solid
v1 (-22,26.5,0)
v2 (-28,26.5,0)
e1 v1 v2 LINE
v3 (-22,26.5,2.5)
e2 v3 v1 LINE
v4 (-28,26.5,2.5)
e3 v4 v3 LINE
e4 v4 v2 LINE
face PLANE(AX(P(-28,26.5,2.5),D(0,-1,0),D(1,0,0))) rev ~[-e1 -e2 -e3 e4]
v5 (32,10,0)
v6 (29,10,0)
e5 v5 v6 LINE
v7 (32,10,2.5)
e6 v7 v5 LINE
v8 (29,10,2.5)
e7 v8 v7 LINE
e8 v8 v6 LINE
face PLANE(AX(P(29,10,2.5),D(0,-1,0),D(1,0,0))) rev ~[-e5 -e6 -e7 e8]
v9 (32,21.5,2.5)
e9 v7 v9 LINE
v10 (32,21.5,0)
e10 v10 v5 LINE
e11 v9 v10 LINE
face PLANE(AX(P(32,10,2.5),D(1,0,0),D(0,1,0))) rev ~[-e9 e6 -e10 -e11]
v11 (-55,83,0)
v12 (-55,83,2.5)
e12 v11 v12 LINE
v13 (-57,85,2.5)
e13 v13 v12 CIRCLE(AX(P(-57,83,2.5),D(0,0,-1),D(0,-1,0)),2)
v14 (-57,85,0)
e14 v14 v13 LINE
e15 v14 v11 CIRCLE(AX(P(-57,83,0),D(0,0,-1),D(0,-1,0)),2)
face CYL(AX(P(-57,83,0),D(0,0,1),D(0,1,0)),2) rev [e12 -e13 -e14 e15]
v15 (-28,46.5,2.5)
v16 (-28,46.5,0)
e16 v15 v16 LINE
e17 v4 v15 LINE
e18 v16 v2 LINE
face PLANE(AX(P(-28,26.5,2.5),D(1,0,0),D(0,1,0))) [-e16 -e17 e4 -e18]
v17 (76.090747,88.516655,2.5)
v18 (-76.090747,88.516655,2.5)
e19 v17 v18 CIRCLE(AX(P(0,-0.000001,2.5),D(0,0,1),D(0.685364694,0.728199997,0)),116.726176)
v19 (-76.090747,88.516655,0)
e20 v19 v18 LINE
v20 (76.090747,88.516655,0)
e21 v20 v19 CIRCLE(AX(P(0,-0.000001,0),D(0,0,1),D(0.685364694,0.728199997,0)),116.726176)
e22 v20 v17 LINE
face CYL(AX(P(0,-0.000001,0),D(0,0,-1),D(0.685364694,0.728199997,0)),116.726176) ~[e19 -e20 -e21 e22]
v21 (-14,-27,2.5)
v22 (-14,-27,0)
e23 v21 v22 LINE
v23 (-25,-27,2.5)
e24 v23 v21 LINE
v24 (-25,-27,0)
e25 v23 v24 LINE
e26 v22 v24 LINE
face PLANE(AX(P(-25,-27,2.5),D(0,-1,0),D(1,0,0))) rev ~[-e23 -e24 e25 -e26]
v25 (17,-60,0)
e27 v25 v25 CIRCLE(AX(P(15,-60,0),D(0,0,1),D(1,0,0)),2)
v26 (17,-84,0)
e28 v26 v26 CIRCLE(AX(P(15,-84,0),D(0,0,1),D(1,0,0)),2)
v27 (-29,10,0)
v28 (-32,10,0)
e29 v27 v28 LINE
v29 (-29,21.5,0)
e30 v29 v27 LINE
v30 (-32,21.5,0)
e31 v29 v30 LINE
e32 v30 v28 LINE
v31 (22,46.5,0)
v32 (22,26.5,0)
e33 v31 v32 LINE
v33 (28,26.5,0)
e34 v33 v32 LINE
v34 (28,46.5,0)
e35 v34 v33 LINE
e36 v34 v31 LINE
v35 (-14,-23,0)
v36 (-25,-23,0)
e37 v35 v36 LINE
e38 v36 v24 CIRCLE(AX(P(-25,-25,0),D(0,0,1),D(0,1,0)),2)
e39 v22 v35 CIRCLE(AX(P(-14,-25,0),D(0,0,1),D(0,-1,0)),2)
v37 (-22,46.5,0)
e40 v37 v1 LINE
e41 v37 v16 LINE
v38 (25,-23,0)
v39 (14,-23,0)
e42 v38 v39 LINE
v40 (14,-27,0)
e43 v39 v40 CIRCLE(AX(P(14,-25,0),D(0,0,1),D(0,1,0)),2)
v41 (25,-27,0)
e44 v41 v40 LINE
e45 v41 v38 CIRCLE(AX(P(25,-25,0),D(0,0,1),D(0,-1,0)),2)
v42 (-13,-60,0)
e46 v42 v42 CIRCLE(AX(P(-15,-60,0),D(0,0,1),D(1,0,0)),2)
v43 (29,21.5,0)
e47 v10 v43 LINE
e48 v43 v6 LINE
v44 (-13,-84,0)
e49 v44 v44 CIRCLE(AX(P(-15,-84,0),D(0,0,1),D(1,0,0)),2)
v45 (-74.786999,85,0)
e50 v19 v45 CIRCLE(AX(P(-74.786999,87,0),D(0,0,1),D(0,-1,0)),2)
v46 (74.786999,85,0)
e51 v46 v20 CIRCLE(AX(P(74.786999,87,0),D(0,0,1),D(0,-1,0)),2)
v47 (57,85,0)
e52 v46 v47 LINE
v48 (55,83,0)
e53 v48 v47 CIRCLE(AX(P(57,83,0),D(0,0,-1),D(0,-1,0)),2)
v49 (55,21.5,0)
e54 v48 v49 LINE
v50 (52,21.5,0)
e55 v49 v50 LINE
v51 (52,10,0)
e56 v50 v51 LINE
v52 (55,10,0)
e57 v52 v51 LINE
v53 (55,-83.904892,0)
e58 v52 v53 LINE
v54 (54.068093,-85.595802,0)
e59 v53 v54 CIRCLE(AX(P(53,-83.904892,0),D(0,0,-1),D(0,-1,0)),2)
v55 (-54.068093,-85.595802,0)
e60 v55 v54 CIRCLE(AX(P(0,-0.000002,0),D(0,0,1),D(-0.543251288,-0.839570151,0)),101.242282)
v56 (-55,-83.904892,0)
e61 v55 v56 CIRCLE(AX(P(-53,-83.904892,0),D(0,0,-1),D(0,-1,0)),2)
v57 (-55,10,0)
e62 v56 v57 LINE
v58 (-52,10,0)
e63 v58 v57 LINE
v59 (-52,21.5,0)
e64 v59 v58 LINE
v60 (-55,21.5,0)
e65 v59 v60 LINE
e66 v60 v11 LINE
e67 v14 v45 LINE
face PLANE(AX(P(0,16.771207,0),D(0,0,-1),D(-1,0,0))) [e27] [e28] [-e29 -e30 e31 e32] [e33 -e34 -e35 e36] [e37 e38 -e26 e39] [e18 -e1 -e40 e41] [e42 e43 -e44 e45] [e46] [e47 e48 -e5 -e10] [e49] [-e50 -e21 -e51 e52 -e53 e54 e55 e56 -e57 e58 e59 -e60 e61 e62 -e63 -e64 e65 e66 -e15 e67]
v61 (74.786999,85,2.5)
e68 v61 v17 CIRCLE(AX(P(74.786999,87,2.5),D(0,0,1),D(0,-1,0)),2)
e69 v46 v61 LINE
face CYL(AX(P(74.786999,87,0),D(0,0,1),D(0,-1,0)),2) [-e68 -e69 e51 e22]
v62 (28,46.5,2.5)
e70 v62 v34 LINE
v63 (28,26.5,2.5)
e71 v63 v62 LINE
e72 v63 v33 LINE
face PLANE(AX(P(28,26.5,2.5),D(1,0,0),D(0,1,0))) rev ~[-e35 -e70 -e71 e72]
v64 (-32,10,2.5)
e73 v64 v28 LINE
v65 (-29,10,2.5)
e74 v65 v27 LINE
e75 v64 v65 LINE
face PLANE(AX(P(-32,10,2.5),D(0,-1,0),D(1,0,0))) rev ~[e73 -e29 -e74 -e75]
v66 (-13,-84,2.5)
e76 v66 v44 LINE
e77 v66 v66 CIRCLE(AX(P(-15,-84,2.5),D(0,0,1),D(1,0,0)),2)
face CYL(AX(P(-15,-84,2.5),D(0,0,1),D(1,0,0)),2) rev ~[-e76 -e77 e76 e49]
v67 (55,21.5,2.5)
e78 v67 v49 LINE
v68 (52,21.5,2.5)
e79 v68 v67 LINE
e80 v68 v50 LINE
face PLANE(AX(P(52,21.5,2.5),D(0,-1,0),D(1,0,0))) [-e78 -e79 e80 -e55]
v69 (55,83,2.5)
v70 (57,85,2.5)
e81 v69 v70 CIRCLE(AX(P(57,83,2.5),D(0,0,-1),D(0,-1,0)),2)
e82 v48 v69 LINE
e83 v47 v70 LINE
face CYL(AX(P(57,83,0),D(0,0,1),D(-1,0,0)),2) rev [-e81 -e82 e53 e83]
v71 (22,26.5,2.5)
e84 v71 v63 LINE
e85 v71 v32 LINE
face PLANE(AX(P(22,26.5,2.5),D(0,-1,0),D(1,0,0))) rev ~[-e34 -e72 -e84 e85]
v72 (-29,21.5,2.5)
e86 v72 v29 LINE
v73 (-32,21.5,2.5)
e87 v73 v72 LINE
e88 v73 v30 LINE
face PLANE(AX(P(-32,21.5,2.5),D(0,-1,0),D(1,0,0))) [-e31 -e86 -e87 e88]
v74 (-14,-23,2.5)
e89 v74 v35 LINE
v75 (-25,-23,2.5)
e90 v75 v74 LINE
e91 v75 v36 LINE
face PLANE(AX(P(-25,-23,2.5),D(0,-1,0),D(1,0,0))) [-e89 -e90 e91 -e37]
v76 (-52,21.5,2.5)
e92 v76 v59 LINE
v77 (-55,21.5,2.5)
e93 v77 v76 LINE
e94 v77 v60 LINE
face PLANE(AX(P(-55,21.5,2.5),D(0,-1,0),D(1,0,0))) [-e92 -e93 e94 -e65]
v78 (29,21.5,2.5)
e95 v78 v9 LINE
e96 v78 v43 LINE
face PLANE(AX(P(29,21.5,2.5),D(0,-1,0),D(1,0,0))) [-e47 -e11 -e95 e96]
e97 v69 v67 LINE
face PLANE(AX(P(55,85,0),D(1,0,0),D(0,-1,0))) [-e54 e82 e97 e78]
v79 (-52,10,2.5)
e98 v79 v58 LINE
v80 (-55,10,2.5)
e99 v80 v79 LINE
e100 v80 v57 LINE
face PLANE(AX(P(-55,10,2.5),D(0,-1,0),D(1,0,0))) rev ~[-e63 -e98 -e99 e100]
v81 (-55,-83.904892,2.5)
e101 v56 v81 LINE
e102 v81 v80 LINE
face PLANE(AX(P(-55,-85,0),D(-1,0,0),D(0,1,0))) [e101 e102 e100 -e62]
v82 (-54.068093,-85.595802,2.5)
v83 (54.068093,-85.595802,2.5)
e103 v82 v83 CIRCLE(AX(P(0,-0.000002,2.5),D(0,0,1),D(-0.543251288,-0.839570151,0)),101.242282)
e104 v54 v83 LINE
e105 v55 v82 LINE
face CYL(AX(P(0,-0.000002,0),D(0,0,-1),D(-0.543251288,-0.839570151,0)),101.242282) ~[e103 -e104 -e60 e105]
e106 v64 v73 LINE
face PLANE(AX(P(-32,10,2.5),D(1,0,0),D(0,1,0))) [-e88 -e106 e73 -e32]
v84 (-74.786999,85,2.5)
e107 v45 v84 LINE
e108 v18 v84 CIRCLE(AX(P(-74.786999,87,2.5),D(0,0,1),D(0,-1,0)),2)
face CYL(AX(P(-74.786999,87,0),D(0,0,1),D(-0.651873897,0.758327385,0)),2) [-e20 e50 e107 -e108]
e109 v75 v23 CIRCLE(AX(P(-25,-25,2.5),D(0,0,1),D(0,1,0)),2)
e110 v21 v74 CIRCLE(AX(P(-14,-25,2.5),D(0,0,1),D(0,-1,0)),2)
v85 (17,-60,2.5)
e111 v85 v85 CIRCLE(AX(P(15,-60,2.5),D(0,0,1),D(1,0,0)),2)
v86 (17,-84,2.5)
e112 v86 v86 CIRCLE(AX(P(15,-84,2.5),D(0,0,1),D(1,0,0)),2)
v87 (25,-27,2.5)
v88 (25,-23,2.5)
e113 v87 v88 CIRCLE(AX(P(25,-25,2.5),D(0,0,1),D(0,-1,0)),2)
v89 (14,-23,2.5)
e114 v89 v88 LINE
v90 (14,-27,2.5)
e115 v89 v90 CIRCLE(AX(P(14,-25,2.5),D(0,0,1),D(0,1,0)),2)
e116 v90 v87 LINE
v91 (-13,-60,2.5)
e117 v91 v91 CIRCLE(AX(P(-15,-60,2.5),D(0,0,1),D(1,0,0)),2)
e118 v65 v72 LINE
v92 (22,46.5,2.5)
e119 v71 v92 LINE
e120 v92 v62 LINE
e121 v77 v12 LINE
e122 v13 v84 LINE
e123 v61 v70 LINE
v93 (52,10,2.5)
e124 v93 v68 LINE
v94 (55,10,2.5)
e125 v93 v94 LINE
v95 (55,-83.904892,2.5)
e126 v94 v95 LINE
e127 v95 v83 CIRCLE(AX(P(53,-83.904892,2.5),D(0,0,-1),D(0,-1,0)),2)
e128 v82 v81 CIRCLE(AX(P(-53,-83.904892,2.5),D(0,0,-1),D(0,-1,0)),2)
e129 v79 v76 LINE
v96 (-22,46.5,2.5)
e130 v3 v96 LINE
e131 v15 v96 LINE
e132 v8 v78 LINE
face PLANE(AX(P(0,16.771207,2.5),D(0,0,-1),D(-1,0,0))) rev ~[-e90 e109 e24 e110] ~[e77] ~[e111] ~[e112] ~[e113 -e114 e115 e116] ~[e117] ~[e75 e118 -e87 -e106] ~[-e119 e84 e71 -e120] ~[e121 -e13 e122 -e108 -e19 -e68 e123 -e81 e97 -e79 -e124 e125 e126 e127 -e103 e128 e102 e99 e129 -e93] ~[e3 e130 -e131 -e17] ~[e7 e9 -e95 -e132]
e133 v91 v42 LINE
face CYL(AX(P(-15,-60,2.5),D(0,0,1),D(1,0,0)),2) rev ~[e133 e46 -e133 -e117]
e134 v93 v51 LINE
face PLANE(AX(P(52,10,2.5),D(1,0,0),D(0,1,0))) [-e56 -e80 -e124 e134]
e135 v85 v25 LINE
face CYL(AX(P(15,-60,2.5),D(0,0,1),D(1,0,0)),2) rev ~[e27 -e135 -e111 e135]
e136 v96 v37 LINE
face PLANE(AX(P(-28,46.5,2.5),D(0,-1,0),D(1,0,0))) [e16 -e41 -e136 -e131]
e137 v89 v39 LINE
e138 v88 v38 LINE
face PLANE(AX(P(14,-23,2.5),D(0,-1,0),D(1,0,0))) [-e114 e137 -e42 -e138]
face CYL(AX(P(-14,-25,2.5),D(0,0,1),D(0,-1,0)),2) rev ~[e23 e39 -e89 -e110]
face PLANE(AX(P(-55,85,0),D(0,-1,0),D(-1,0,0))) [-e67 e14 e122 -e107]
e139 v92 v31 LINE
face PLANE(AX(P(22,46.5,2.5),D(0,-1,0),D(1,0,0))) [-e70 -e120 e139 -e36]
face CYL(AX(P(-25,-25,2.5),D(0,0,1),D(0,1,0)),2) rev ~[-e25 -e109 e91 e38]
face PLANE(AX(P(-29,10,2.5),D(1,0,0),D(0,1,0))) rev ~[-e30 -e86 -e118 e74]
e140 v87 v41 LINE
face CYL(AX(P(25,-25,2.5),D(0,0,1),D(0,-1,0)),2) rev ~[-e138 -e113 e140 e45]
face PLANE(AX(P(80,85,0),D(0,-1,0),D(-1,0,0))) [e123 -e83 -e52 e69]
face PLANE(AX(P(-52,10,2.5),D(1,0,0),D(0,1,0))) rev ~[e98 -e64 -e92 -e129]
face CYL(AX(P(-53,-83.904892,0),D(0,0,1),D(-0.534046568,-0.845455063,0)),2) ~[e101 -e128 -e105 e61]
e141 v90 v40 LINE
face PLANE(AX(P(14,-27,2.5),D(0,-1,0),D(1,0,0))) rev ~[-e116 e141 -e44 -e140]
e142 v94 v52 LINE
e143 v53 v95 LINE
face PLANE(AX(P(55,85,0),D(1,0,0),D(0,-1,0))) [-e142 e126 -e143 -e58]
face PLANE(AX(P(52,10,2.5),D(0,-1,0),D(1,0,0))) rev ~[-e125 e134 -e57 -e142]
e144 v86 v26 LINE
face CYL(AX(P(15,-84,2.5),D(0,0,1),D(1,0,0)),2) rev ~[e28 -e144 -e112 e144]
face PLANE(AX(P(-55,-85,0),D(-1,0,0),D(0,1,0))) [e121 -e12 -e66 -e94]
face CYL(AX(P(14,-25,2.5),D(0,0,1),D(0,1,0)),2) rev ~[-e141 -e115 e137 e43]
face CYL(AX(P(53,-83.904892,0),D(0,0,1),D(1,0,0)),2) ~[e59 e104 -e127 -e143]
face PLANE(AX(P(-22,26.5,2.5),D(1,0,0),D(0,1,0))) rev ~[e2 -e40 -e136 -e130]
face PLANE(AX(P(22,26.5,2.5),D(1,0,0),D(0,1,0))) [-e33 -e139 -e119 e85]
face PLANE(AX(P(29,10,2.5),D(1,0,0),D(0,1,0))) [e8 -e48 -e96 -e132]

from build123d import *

# Parameters (mm, degrees)
PAD_DEPTH       = 2.5
SKETCH001_W     = 3
SKETCH001_H     = 11.5
POCKET_DEPTH    = 2.501
FILLET_R        = 2
FILLET001_R     = 2
SKETCH002_W     = 6
SKETCH002_H     = 20
POCKET001_DEPTH = 2.501
SKETCH003_R     = 2
POCKET002_DEPTH = 2.501
POCKET003_DEPTH = 2.501


with BuildPart() as part:
    # Sketch → Pad (new body)
    with BuildSketch(Plane.XY):
        with BuildLine():
            Line((55, 85), (55, -85))
            ThreePointArc((-55, -85), (0, -101.242284), (55, -85))
            Line((-55, -85), (-55, 85))
            Line((-55, 85), (-80, 85))
            ThreePointArc((80, 85), (0, 116.726175), (-80, 85))
            Line((80, 85), (55, 85))
        make_face()
    extrude(amount=PAD_DEPTH)

    # Sketch001 → Pocket (cut, through all)
    with BuildSketch(Plane.XY.offset(2.5)):
        with Locations((-53.5, 15.75)):
            Rectangle(SKETCH001_W, SKETCH001_H)
        with Locations((53.5, 15.75)):
            Rectangle(SKETCH001_W, SKETCH001_H)
        with Locations((-30.5, 15.75)):
            Rectangle(SKETCH001_W, SKETCH001_H)
        with Locations((30.5, 15.75)):
            Rectangle(SKETCH001_W, SKETCH001_H)
    extrude(amount=-POCKET_DEPTH, mode=Mode.SUBTRACT)

    # Fillet
    fillet_edges = [part.edges().sort_by_distance(p)[0] for p in [
        (-55, 85, 1.25),
        (55, 85, 1.25),
    ]]
    fillet(fillet_edges, radius=FILLET_R)

    # Fillet001
    fillet001_edges = [part.edges().sort_by_distance(p)[0] for p in [
        (80, 85, 1.25),
        (-80, 85, 1.25),
        (-55, -85, 1.25),
        (55, -85, 1.25),
    ]]
    fillet(fillet001_edges, radius=FILLET001_R)

    # Sketch002 → Pocket001 (cut, through all)
    with BuildSketch(Plane.XY.offset(2.5)):
        with Locations((-25, 36.5)):
            Rectangle(SKETCH002_W, SKETCH002_H)
        with Locations((25, 36.5)):
            Rectangle(SKETCH002_W, SKETCH002_H)
    extrude(amount=-POCKET001_DEPTH, mode=Mode.SUBTRACT)

    # Sketch003 → Pocket002 (cut, through all)
    with BuildSketch(Plane.XY.offset(2.5)):
        with Locations((-15, -60)):
            Circle(SKETCH003_R)
        with Locations((15, -60)):
            Circle(SKETCH003_R)
        with Locations((15, -84)):
            Circle(SKETCH003_R)
        with Locations((-15, -84)):
            Circle(SKETCH003_R)
    extrude(amount=-POCKET002_DEPTH, mode=Mode.SUBTRACT)

    # Sketch004 → Pocket003 (cut, through all)
    with BuildSketch(Plane.XY.offset(2.5)):
        with BuildLine():
            ThreePointArc((-25, -23), (-27, -25), (-25, -27))
            Line((-25, -27), (-14, -27))
            ThreePointArc((-14, -27), (-12, -25), (-14, -23))
            Line((-25, -23), (-14, -23))
        make_face()
        with BuildLine():
            ThreePointArc((14, -23), (12, -25), (14, -27))
            Line((14, -27), (25, -27))
            ThreePointArc((25, -27), (27, -25), (25, -23))
            Line((14, -23), (25, -23))
        make_face()
    extrude(amount=-POCKET003_DEPTH, mode=Mode.SUBTRACT)


solid = part.part
